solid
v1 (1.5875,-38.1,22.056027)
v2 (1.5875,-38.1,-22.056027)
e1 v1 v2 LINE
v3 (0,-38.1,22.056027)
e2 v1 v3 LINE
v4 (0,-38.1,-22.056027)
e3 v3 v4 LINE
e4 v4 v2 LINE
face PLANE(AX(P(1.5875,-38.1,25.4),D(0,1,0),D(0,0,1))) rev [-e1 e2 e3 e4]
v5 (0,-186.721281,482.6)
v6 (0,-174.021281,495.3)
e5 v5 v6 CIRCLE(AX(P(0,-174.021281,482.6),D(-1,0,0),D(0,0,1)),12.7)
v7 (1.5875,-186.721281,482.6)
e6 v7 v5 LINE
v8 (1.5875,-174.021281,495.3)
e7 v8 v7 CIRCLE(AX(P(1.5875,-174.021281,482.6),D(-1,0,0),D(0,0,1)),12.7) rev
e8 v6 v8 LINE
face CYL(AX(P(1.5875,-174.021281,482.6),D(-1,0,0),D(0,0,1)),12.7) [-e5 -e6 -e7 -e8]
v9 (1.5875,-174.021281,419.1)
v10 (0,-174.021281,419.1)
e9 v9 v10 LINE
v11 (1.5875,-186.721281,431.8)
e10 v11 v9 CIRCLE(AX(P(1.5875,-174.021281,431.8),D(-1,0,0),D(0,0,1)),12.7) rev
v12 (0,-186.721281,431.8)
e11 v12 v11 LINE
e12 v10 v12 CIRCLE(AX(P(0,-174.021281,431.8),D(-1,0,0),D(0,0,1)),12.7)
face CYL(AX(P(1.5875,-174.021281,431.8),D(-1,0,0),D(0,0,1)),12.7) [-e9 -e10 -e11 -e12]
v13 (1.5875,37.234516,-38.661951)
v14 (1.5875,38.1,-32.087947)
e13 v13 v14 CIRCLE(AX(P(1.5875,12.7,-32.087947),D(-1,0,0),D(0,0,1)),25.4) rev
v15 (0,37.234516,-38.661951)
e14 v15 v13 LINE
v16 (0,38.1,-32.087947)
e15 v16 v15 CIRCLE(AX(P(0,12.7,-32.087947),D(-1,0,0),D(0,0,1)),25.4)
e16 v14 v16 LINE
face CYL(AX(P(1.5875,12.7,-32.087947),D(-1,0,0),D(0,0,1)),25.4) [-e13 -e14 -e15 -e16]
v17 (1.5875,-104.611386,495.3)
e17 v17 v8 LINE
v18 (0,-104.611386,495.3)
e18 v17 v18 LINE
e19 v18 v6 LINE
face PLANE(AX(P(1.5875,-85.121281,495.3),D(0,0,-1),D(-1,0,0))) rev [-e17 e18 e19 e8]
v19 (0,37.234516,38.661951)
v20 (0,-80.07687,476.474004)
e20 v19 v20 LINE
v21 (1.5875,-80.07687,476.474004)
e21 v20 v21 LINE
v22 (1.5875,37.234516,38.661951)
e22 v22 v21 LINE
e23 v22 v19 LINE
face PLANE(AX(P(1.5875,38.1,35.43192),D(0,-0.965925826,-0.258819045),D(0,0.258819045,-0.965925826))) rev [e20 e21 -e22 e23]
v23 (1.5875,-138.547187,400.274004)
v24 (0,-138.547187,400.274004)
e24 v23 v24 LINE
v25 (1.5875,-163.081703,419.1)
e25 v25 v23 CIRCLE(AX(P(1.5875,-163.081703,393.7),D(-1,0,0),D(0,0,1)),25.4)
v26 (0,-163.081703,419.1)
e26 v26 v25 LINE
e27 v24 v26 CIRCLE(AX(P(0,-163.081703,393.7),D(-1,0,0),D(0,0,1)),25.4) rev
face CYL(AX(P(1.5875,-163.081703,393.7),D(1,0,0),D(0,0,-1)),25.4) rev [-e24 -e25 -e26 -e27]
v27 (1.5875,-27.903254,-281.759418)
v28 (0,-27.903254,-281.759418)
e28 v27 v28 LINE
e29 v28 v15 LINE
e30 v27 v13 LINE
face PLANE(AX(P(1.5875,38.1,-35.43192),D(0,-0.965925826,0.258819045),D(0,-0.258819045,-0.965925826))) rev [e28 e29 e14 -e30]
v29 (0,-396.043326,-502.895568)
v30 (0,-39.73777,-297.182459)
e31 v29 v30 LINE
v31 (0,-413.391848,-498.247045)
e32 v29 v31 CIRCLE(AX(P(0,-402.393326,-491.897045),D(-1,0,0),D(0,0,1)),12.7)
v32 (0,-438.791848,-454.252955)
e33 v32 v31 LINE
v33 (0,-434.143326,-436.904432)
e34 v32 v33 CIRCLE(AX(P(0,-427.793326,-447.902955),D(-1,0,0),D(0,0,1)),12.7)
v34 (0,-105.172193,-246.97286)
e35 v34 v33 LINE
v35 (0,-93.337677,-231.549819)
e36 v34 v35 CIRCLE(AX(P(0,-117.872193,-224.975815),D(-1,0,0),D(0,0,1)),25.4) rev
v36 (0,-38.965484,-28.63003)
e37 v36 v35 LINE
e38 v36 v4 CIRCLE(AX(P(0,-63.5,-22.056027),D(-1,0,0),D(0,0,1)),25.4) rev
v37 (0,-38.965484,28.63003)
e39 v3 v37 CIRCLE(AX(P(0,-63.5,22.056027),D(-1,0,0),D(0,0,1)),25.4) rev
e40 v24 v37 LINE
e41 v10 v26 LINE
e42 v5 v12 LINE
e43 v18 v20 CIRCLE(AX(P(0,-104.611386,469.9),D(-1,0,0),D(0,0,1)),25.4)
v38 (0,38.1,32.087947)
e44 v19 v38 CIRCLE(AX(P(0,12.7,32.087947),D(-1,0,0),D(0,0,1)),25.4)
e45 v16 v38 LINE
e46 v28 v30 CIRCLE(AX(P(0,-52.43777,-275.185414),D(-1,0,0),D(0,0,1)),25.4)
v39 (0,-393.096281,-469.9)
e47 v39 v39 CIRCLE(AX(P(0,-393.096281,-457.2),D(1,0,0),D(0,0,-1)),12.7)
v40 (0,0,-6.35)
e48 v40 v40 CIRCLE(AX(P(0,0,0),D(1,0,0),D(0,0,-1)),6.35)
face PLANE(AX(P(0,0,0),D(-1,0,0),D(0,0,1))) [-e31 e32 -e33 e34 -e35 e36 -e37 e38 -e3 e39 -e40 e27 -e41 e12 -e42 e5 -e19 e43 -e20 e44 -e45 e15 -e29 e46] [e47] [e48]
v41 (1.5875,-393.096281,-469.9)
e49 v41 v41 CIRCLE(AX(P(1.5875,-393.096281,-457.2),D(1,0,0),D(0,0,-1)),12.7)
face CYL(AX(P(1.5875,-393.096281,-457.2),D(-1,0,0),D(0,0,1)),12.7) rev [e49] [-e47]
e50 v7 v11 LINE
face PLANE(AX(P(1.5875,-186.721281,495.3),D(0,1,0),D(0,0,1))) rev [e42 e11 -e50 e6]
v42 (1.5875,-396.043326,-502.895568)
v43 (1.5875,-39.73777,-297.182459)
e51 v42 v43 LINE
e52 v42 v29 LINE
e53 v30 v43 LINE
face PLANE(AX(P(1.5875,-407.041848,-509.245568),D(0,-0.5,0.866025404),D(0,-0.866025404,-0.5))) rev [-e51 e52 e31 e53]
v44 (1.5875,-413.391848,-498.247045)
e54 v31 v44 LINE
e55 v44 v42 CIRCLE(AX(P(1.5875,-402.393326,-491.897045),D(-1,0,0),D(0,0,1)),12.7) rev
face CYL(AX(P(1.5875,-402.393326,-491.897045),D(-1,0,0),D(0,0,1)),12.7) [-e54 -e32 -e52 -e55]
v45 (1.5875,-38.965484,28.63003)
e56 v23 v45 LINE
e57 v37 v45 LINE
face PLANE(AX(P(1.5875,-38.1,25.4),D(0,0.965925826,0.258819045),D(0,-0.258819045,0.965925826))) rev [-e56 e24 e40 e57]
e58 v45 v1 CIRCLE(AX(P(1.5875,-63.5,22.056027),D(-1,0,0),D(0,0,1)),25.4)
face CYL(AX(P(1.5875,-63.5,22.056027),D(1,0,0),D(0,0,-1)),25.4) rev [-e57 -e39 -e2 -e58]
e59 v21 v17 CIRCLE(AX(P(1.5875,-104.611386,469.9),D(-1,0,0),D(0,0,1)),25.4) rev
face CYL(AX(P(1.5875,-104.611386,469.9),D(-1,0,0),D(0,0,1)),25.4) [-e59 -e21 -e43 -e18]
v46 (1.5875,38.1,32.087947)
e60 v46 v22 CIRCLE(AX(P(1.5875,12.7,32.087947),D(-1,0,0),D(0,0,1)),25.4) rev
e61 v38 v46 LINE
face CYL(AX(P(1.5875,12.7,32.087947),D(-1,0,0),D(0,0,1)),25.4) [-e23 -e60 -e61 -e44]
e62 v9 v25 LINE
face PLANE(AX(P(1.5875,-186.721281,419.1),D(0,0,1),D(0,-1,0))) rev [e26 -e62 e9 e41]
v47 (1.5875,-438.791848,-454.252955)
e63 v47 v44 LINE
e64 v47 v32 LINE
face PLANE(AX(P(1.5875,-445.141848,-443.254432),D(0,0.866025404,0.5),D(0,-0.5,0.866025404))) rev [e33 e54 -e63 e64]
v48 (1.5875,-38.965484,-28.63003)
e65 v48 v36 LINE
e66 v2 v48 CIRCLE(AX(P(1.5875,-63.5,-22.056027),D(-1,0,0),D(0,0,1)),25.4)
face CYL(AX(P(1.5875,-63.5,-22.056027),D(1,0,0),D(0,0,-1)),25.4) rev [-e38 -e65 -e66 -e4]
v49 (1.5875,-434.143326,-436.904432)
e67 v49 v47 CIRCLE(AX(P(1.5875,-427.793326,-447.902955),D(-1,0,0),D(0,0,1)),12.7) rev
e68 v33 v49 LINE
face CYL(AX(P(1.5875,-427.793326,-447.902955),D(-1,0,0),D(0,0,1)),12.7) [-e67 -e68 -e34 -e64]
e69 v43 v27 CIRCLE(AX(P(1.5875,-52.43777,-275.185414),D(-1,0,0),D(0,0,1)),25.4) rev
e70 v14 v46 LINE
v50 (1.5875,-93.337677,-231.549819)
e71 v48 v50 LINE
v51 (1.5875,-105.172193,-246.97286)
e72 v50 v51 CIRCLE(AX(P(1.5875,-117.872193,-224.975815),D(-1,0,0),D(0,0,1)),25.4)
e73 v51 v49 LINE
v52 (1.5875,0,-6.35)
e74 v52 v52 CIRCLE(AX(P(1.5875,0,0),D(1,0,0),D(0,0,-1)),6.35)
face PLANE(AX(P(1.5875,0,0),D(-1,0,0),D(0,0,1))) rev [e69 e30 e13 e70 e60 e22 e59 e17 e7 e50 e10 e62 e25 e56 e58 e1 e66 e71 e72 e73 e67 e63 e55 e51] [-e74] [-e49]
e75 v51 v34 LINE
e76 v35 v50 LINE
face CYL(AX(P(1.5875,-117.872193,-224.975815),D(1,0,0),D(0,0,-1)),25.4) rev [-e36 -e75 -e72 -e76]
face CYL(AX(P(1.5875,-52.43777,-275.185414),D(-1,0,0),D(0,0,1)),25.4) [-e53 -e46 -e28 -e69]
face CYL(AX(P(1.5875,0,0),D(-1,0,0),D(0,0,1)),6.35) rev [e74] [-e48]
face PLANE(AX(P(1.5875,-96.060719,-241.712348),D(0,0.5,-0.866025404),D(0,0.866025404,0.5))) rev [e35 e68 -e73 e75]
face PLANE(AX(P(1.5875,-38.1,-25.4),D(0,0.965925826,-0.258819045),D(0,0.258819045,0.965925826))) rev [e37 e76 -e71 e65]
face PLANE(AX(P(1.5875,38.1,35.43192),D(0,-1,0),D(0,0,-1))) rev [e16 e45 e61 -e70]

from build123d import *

# Parameters (mm, degrees)
SKETCH1_R           = 6.35
SKETCH1_R_2         = 12.7
BOSS_EXTRUDE1_DEPTH = 1.5875
FILLET1_R           = 25.4
FILLET2_R           = 25.4
FILLET3_R           = 25.4
FILLET4_R           = 25.4
FILLET5_R           = 12.7


with BuildPart() as part:
    # Sketch1 → Boss-Extrude1 (new body)
    with BuildSketch(Plane(origin=(0, 0, 0), x_dir=(0, 0, -1), z_dir=(1, 0, 0))):
        Polygon((-35.431920316, 38.1), (35.431920316, 38.1), (291.921947077, -30.626295537), (509.245567884, -407.04184846), (443.254432116, -445.14184846), (241.712348035, -96.060718969), (25.4, -38.1), (-25.4, -38.1), (-419.1, -143.59159706), (-419.1, -186.721280576), (-495.3, -186.721280576), (-495.3, -85.121280576), align=None)
        Circle(SKETCH1_R, mode=Mode.SUBTRACT)
        with Locations((457.2, -393.096280576)):
            Circle(SKETCH1_R_2, mode=Mode.SUBTRACT)
    extrude(amount=BOSS_EXTRUDE1_DEPTH)

    # Fillet1
    fillet1_edges = [part.edges().sort_by_distance(p)[0] for p in [
        (0.79375, -85.121280576, 495.3),
    ]]
    fillet(fillet1_edges, radius=FILLET1_R)

    # Fillet2
    fillet2_edges = [part.edges().sort_by_distance(p)[0] for p in [
        (0.79375, -143.59159706, 419.1),
    ]]
    fillet(fillet2_edges, radius=FILLET2_R)

    # Fillet3
    fillet3_edges = [part.edges().sort_by_distance(p)[0] for p in [
        (0.79375, -96.060718969, -241.712348035),
        (0.79375, -38.1, -25.4),
        (0.79375, -38.1, 25.4),
    ]]
    fillet(fillet3_edges, radius=FILLET3_R)

    # Fillet4
    fillet4_edges = [part.edges().sort_by_distance(p)[0] for p in [
        (0.79375, 38.1, 35.431920316),
        (0.79375, 38.1, -35.431920316),
        (0.79375, -30.626295537, -291.921947077),
    ]]
    fillet(fillet4_edges, radius=FILLET4_R)

    # Fillet5
    fillet5_edges = [part.edges().sort_by_distance(p)[0] for p in [
        (0.79375, -186.721280576, 419.1),
        (0.79375, -186.721280576, 495.3),
        (0.79375, -407.04184846, -509.245567884),
        (0.79375, -445.14184846, -443.254432116),
    ]]
    fillet(fillet5_edges, radius=FILLET5_R)


solid = part.part
